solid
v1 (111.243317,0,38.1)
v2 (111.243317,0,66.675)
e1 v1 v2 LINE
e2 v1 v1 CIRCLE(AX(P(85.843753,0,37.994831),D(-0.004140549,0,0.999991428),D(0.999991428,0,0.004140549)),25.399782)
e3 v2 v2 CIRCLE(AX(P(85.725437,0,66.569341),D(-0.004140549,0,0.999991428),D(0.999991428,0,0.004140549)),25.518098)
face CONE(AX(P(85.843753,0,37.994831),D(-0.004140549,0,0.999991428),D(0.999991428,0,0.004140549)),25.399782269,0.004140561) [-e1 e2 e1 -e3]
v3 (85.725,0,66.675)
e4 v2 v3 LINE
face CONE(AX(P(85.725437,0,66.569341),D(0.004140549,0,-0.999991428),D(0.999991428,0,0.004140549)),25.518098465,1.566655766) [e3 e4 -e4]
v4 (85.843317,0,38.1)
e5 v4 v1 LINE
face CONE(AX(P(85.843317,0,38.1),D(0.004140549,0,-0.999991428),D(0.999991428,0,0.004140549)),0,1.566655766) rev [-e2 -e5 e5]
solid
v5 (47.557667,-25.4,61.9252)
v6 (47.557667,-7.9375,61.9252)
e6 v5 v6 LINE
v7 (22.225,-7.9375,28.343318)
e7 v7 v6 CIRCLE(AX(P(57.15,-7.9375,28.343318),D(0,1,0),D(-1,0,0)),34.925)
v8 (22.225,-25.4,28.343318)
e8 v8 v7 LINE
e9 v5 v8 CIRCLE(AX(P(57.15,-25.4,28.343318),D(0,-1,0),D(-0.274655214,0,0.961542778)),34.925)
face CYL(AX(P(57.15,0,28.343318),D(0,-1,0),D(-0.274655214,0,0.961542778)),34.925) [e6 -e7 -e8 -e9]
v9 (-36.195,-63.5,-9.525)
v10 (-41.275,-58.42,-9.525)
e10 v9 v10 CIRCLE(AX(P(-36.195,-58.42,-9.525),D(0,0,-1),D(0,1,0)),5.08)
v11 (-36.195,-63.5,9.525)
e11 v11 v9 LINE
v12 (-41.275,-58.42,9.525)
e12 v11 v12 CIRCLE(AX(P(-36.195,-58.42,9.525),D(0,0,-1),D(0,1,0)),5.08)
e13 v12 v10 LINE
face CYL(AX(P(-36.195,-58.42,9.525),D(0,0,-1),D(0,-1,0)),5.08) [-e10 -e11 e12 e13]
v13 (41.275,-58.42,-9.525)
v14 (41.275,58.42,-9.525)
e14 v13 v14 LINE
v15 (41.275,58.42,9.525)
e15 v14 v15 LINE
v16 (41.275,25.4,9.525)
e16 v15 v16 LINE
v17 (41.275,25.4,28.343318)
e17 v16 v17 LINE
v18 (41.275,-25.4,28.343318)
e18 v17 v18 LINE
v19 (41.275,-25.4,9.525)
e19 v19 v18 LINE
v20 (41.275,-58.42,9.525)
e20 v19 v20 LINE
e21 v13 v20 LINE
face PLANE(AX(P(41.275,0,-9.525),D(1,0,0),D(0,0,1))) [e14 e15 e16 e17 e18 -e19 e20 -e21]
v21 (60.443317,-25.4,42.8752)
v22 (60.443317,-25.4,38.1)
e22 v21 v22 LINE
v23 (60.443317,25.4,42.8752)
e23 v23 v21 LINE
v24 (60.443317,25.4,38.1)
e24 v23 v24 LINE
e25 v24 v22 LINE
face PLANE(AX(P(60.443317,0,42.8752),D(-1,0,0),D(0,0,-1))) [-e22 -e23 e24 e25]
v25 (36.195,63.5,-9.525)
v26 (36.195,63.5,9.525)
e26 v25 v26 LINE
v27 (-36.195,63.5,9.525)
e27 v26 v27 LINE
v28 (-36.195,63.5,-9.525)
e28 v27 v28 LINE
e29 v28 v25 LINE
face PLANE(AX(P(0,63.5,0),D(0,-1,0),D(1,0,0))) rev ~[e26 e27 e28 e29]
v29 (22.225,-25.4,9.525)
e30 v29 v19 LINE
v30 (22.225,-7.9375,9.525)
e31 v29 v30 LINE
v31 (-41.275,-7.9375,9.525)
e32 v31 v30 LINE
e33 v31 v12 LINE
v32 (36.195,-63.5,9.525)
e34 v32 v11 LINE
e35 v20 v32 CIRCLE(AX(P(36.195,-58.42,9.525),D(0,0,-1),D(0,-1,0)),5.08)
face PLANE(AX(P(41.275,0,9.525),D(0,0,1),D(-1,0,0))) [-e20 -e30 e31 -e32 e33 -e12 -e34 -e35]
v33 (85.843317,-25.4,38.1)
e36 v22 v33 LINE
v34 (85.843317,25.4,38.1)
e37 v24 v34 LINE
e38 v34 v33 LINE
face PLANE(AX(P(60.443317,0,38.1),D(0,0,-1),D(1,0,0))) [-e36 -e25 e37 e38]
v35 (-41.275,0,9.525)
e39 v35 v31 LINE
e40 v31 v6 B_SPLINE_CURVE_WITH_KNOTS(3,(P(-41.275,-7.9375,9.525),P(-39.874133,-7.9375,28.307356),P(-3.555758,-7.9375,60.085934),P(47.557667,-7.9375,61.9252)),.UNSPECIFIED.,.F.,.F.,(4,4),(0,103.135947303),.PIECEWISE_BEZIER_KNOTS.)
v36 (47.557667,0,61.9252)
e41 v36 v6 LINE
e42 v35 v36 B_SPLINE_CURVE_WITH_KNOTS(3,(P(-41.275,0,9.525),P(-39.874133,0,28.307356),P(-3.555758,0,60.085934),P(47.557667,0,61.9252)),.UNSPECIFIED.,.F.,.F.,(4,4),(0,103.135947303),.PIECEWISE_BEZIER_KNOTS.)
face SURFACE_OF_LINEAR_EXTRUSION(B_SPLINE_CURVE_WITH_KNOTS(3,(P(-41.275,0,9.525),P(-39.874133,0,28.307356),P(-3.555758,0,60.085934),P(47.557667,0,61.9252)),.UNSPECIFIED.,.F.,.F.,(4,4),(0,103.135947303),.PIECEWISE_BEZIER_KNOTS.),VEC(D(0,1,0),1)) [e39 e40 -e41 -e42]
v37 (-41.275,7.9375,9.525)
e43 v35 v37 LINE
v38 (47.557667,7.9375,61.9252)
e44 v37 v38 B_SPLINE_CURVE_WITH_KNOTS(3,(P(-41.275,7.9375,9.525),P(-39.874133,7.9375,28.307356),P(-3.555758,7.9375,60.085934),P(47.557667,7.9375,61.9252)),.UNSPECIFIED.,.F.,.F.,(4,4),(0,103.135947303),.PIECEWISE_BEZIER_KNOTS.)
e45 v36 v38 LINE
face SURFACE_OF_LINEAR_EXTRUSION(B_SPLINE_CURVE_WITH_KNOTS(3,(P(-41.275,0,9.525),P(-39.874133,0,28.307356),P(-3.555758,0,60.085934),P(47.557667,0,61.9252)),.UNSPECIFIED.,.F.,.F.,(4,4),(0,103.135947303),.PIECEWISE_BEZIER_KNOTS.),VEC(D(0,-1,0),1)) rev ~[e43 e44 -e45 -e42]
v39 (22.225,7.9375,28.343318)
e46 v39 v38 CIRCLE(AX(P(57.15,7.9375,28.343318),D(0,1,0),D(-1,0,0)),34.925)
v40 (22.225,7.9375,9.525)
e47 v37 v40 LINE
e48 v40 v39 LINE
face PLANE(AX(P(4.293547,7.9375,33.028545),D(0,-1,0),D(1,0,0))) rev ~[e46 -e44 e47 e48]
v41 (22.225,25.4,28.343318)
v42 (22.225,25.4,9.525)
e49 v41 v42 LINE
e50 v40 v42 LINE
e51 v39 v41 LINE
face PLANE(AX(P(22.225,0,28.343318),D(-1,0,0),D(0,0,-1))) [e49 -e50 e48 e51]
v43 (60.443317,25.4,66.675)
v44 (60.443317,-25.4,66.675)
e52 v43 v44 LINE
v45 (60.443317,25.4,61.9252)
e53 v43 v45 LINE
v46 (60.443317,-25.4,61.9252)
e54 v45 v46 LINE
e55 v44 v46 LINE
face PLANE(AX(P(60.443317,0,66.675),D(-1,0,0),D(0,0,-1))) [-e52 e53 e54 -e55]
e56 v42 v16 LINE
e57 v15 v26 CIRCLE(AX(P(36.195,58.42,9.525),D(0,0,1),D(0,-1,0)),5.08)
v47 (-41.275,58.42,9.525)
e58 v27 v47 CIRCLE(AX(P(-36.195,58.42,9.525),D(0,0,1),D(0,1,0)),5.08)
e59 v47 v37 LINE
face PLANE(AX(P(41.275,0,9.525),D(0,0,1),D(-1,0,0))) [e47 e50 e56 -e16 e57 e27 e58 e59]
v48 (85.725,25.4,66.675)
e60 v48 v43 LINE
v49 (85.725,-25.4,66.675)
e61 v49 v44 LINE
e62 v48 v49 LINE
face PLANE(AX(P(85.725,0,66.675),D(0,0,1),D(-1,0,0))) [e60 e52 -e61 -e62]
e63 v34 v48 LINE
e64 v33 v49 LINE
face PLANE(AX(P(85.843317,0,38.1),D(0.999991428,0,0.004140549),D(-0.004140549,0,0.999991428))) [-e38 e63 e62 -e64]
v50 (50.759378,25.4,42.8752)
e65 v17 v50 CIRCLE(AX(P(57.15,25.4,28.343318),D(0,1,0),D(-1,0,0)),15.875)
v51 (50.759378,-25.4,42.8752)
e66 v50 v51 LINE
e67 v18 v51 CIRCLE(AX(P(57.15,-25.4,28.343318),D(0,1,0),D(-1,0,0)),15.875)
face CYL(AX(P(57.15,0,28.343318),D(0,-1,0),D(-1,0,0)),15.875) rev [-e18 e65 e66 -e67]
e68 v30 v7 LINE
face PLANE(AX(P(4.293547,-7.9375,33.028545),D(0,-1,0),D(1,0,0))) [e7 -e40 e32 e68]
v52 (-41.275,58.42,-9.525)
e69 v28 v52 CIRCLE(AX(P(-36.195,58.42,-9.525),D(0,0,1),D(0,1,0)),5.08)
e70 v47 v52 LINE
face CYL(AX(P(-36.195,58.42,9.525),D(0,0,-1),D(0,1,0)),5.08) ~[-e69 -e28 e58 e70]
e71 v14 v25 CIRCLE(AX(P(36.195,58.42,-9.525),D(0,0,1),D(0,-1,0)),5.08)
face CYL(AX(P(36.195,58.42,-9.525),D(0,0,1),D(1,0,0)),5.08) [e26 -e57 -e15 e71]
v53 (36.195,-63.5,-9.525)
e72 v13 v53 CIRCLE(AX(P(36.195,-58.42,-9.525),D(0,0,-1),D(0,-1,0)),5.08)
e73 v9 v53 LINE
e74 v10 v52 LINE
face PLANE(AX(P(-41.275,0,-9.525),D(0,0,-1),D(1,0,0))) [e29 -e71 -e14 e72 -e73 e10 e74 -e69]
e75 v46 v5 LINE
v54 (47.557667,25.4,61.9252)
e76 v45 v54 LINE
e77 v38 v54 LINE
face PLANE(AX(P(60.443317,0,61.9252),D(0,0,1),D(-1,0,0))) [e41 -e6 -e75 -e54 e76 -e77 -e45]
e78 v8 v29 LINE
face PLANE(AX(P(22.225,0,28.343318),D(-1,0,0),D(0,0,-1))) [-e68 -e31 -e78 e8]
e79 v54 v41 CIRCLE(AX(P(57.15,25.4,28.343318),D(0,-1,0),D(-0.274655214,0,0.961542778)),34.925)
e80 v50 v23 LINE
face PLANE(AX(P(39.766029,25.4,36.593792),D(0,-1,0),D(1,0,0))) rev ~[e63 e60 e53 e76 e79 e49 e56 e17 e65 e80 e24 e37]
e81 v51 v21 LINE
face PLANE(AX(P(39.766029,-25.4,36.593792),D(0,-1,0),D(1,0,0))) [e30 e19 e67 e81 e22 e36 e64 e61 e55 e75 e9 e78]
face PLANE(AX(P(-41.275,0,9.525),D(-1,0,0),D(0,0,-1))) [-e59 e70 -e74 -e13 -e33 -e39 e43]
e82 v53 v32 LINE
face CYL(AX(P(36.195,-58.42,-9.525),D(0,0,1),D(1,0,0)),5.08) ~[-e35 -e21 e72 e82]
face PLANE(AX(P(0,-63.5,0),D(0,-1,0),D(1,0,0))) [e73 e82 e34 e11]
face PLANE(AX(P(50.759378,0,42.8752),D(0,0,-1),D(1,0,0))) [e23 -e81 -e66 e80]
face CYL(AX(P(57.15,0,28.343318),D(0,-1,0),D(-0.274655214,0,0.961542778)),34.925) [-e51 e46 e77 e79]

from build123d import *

# Parameters (mm, degrees)
F1_DEPTH = 63.5
F2_DEPTH = 25.4
F3_DEPTH = 7.9375
F5_R     = 5.08


with BuildPart() as f1:
    # F0 (on Front) → F1 (new body, symmetric)
    with BuildSketch(Plane.XZ):
        Polygon((41.275, -9.525), (41.275, 9.525), (22.225, 9.525), (-41.275, 9.525), (-41.275, -9.525), align=None)
    extrude(amount=F1_DEPTH, both=True)

    # F0 (on Front) → F2 (join, symmetric)
    with BuildSketch(Plane.XZ):
        with BuildLine():
            Line((22.225, 9.525), (41.275, 9.525))
            Line((41.275, 9.525), (41.275, 28.3433184846))
            ThreePointArc((41.275, 28.3433184846), (43.855889591, 37.0198531289), (50.7593783852, 42.8752))
            Line((50.7593783852, 42.8752), (60.4433172107, 42.8752))
            Line((60.4433172107, 42.8752), (60.4433172107, 61.9252))
            Line((60.4433172107, 61.9252), (47.5576666609, 61.9252))
            ThreePointArc((47.5576666609, 61.9252), (29.2683943534, 49.3759524511), (22.225, 28.3433184846))
            Line((22.225, 28.3433184846), (22.225, 9.525))
        make_face()
        Polygon((60.4433172107, 61.9252), (60.4433172107, 42.8752), (60.4433172107, 38.1), (85.8433172107, 38.1), (85.725, 66.675), (60.4433172107, 66.675), align=None)
    extrude(amount=F2_DEPTH, both=True)

    # F0 (on Front) → F3 (join, symmetric)
    with BuildSketch(Plane.XZ):
        with BuildLine():
            Line((-41.275, 9.525), (22.225, 9.525))
            Line((22.225, 9.525), (22.225, 28.3433184846))
            ThreePointArc((22.225, 28.3433184846), (29.2683943534, 49.3759524511), (47.5576666609, 61.9252))
            add(Edge.make_bspline(
                [(-41.275, 9.525), (-39.8741327226, 28.3073559403), (-3.5557583906, 60.0859336555), (47.5576666609, 61.9252)],
                knots=[0, 0, 0, 0, 103.1359473032, 103.1359473032, 103.1359473032, 103.1359473032], degree=3))
        make_face()
    extrude(amount=F3_DEPTH, both=True)

    # F5
    f5_edges = [f1.edges().sort_by_distance(p)[0] for p in [
        (-41.275, -63.5, 0),
        (41.275, -63.5, 0),
        (41.275, 63.5, 0),
        (-41.275, 63.5, 0),
    ]]
    fillet(f5_edges, radius=F5_R)


with BuildPart() as f4:
    # F0 (on Front) → F4 (revolve)
    with BuildSketch(Plane.XZ):
        Polygon((85.725, 66.675), (85.8433172107, 38.1), (111.2433172107, 38.1), (111.2433172107, 66.675), align=None)
    revolve(axis=Axis((85.7841586053, 0, 52.3875), (-0.0041405493, 0, 0.9999914279)))


solid = Compound([f1.part, f4.part])
